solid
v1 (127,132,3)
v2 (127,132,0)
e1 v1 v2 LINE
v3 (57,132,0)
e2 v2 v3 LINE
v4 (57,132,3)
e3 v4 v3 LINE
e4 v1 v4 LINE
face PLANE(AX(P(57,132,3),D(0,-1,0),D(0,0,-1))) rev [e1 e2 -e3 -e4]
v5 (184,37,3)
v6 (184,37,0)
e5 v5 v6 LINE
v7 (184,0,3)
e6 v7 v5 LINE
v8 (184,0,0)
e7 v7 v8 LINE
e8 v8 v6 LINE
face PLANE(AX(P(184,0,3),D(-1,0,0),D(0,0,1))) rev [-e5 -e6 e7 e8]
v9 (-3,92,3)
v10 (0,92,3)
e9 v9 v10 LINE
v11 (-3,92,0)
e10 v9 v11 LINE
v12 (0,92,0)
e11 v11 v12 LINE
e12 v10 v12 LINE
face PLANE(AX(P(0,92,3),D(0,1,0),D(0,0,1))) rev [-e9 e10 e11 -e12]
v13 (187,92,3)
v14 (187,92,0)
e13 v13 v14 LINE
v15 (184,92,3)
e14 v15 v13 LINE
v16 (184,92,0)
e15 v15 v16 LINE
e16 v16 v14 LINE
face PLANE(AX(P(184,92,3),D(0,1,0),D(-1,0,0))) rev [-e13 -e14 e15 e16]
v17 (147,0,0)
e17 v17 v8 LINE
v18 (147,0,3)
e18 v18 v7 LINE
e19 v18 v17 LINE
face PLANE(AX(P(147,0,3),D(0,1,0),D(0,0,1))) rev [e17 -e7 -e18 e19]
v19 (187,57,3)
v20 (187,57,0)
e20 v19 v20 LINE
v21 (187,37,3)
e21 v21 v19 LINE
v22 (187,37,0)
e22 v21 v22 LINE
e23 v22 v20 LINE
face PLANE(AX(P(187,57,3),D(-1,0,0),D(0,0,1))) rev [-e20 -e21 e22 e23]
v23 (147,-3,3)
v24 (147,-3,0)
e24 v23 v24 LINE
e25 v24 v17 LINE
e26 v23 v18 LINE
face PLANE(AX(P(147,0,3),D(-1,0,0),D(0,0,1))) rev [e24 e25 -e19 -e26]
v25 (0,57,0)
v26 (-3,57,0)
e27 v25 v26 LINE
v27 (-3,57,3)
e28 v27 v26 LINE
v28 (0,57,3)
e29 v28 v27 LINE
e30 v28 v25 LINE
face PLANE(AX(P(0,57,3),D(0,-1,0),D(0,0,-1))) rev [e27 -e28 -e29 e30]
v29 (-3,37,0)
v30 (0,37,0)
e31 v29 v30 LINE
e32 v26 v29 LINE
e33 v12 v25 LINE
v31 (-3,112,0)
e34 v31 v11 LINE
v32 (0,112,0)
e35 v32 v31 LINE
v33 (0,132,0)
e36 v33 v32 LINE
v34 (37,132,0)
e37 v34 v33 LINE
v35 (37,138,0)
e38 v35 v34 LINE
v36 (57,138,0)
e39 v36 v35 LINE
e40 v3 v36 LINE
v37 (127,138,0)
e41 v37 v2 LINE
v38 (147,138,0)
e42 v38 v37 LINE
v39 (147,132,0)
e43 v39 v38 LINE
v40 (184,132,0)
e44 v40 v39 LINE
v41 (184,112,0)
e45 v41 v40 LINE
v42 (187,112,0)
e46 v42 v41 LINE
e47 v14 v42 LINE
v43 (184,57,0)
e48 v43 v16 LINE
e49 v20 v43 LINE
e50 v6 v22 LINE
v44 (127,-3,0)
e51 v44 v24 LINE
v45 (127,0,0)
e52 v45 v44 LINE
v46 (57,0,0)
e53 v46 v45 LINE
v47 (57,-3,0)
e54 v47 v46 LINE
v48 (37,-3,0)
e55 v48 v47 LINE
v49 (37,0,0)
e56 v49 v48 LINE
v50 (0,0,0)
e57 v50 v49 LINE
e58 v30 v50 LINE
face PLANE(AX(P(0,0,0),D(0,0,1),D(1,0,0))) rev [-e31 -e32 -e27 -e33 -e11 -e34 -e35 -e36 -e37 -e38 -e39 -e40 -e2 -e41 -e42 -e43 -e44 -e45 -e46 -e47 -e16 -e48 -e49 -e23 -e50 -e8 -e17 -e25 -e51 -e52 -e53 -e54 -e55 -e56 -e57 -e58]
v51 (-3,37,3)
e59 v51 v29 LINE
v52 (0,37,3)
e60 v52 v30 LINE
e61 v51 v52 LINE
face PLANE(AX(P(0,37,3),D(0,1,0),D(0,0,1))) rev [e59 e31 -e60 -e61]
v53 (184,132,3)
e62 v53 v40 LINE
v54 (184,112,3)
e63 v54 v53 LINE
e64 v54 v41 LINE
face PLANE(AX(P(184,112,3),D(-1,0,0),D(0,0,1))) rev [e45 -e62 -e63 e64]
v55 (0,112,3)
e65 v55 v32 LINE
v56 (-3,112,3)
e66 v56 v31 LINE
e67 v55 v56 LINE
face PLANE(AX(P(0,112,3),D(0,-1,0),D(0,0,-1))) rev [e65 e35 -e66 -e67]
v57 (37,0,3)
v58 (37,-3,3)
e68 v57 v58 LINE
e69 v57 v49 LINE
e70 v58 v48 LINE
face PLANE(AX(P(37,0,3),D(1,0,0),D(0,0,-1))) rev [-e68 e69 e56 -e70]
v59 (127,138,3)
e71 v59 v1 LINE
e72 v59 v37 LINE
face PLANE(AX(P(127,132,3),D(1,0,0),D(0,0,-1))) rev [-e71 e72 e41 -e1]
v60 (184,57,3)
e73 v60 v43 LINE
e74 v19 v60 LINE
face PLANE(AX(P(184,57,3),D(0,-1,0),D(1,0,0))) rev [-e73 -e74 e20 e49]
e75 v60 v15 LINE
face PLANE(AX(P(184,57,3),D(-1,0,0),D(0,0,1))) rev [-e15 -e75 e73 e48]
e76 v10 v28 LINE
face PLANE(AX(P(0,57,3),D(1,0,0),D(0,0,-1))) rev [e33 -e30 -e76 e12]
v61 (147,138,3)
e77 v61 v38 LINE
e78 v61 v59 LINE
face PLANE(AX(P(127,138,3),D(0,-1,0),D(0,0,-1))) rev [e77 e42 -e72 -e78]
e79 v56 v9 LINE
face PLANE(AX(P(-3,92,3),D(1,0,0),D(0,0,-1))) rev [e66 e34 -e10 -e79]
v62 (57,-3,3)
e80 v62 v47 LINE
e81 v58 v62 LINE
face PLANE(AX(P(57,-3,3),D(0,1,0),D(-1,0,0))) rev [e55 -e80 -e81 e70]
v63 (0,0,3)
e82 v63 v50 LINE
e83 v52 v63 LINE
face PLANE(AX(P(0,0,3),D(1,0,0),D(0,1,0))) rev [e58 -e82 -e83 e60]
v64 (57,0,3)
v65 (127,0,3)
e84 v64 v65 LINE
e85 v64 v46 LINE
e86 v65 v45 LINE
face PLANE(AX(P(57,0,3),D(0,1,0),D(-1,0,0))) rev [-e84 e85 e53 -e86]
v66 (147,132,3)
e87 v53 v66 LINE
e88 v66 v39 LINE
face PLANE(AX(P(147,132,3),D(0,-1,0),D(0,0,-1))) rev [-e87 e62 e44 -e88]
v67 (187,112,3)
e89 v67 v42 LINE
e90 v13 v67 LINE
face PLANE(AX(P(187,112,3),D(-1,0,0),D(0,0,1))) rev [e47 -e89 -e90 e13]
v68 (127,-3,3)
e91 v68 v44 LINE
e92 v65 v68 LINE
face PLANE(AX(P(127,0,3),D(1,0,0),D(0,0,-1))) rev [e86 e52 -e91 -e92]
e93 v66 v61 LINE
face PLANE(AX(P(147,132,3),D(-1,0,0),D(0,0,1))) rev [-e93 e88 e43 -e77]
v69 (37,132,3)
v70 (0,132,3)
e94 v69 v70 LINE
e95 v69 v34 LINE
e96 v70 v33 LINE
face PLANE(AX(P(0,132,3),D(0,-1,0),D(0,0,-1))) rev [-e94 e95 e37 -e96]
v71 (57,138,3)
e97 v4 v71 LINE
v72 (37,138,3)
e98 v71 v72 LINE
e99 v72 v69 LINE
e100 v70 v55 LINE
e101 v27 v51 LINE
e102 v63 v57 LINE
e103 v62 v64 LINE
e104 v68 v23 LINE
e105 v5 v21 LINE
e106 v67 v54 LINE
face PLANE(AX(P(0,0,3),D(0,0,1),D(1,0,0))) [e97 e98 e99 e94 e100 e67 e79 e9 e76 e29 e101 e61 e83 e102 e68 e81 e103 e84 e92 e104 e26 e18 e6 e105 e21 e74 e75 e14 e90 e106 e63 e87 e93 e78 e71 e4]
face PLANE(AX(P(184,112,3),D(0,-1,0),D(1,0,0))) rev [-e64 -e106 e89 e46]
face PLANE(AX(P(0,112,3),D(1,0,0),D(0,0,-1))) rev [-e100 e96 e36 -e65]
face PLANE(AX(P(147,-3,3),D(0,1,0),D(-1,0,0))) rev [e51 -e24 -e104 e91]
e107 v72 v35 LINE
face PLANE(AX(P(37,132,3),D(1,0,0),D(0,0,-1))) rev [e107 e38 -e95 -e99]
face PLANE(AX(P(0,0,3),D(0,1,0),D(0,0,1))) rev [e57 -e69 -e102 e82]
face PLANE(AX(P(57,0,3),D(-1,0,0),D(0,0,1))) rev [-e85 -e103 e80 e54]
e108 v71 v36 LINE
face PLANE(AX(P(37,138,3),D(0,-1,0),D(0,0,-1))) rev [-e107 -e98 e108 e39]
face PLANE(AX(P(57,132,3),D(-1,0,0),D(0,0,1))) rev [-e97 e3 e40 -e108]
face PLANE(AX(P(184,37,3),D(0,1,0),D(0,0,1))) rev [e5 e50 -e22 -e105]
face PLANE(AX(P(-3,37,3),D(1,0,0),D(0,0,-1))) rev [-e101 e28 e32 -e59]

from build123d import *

# Parameters (mm, degrees)
EXTRUDE_1_DEPTH = 3


with BuildPart() as part:
    # Эскиз2 → Бобышка-Вытянуть1 (new body)
    with BuildSketch(Plane.XY):
        Polygon((0, 112), (0, 132), (37, 132), (37, 138), (57, 138), (57, 132), (127, 132), (127, 138), (147, 138), (147, 132), (184, 132), (184, 112), (187, 112), (187, 92), (184, 92), (184, 57), (187, 57), (187, 37), (184, 37), (184, 0), (147, 0), (147, -3), (127, -3), (127, 0), (57, 0), (57, -3), (37, -3), (37, 0), (0, 0), (0, 37), (-3, 37), (-3, 57), (0, 57), (0, 92), (-3, 92), (-3, 112), align=None)
    extrude(amount=EXTRUDE_1_DEPTH)


solid = part.part
